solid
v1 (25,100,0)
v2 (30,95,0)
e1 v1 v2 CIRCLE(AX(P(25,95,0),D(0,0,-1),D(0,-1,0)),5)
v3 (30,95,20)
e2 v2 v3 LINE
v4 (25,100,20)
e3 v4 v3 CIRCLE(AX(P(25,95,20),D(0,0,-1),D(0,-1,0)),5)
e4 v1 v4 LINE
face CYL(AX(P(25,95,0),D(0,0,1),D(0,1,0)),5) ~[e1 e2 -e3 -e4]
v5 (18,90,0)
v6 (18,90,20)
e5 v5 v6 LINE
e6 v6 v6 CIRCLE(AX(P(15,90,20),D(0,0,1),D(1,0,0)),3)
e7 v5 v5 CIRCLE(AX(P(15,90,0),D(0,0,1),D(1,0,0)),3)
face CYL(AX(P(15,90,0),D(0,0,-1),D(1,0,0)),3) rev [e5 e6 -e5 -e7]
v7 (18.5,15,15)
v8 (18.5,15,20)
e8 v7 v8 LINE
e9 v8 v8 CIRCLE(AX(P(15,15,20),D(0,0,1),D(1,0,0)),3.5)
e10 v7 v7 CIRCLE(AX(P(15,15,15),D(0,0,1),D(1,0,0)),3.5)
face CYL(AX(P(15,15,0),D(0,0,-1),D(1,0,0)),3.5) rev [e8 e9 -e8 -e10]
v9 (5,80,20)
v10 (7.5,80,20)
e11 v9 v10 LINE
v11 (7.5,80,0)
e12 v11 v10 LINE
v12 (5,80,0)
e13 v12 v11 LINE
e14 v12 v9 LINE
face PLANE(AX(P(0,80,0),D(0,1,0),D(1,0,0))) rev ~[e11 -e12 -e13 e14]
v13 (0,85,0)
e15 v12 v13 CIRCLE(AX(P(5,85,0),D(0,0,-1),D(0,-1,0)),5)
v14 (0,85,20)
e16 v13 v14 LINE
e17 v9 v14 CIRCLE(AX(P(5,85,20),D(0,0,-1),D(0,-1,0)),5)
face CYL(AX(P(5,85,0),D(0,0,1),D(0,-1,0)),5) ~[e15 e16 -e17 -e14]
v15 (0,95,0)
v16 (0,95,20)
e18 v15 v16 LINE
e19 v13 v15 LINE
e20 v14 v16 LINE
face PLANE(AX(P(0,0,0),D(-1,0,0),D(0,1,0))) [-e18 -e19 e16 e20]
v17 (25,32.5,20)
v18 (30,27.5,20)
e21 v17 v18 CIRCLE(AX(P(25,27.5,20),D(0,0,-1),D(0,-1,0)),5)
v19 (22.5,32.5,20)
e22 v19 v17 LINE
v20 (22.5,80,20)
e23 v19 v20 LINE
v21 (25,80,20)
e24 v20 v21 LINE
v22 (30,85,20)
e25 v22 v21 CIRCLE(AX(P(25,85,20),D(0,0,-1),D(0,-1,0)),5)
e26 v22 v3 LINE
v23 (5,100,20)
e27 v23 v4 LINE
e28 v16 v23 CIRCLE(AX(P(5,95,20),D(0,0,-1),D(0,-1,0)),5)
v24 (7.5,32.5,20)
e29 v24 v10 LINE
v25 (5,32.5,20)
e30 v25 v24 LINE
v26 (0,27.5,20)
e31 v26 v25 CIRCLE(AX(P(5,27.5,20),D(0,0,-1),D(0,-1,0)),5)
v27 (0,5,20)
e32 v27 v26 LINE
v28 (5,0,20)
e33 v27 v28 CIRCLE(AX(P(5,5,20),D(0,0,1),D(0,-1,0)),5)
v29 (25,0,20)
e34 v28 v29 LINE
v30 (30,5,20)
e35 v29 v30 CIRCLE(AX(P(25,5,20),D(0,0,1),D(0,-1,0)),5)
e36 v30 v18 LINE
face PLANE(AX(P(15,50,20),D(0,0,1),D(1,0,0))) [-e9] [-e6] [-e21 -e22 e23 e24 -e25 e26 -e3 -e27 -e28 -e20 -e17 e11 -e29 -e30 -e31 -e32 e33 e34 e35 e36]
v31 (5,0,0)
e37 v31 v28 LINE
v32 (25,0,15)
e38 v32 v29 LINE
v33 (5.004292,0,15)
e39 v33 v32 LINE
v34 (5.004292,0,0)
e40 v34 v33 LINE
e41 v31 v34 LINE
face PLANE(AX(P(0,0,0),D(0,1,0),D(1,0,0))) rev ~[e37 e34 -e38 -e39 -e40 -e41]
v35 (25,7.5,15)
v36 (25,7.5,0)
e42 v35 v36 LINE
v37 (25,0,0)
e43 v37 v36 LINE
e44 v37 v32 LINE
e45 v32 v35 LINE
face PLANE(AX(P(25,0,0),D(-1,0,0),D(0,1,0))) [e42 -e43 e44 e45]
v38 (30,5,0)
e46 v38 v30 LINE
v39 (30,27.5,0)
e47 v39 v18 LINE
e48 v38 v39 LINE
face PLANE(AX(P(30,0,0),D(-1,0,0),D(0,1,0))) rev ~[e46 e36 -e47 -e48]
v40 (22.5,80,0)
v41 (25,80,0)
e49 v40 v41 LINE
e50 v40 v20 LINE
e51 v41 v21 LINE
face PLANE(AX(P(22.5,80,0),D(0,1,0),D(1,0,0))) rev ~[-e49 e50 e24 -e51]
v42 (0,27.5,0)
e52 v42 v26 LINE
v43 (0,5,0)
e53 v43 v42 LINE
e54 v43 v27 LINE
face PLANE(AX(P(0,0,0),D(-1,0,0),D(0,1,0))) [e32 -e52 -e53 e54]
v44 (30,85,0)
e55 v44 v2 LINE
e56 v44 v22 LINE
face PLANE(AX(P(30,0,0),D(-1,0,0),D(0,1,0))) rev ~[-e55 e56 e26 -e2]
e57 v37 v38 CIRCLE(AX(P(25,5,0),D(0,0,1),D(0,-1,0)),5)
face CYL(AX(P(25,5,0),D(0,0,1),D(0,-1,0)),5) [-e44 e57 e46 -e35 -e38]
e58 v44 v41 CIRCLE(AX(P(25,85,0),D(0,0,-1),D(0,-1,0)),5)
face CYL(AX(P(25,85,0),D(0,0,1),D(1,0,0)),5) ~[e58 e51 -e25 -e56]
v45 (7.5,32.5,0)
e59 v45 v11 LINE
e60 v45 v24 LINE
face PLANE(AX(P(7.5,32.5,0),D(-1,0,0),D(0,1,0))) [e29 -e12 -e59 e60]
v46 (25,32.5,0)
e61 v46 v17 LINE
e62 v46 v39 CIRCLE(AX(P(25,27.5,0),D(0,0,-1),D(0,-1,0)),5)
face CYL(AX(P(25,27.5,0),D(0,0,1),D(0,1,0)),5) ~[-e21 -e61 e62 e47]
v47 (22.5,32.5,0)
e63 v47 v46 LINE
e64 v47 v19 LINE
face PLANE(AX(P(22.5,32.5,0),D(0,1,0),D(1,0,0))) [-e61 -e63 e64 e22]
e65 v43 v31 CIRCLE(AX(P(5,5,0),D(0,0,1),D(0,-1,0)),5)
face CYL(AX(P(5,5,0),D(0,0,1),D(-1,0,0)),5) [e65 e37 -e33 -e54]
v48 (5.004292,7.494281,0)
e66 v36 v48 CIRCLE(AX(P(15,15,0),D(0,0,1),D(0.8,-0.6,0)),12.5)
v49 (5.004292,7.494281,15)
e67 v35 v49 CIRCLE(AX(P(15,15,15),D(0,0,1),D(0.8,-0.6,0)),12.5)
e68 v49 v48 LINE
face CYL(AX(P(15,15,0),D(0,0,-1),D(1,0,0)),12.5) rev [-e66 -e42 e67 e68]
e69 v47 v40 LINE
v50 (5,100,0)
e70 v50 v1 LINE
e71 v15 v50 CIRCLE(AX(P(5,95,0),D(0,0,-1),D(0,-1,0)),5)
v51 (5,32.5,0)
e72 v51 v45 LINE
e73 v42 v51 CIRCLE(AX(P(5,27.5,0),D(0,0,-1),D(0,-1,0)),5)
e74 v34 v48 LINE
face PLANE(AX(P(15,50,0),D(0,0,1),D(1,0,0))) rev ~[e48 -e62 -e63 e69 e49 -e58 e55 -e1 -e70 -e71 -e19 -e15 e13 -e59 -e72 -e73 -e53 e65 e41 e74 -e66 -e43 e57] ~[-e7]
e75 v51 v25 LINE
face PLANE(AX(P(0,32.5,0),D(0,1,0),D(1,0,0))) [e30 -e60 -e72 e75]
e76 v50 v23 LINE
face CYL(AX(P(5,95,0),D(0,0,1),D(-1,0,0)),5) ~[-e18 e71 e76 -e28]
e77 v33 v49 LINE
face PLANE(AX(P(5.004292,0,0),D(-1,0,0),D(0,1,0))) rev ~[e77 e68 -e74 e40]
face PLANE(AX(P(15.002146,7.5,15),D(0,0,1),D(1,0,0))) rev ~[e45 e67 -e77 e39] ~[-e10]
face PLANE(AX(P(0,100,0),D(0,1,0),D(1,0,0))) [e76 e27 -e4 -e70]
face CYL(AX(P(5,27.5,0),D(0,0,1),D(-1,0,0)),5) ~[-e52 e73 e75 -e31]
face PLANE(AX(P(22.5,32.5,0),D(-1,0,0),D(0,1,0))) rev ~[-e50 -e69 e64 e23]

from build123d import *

# Parameters (mm, degrees)
F0_W      = 30
F0_H      = 100
F1_DEPTH  = 20
F2_R      = 12.5
F3_DEPTH  = 15
F4_R      = 3.5
F5_DEPTH  = 20
F6_R      = 3
F7_DEPTH  = 20
F8_W      = 7.5
F8_H      = 47.5
F9_DEPTH  = 20
F10_W     = 7.5
F10_H     = 47.5
F11_DEPTH = 20
F12_R     = 5
F13_R     = 5
F14_W     = 19.995708
F14_H     = 15
F15_DEPTH = 15


with BuildPart() as f1:
    # F0 (on Top) → F1 (new body)
    with BuildSketch(Plane.XY):
        with Locations((15, 50)):
            Rectangle(F0_W, F0_H)
    extrude(amount=F1_DEPTH)

    # F2 (on Top) → F3 (cut)
    with BuildSketch(Plane.XY):
        with Locations((15, 15)):
            Circle(F2_R)
    extrude(amount=F3_DEPTH, mode=Mode.SUBTRACT)

    # F4 (on Top) → F5 (cut)
    with BuildSketch(Plane.XY):
        with Locations((15, 15)):
            Circle(F4_R)
    extrude(amount=F5_DEPTH, mode=Mode.SUBTRACT)

    # F6 (on Top) → F7 (cut)
    with BuildSketch(Plane.XY):
        with Locations((15, 90)):
            Circle(F6_R)
    extrude(amount=F7_DEPTH, mode=Mode.SUBTRACT)

    # F8 (on Top) → F9 (cut)
    with BuildSketch(Plane.XY):
        with Locations((3.75, 56.25)):
            Rectangle(F8_W, F8_H)
    extrude(amount=F9_DEPTH, mode=Mode.SUBTRACT)

    # F10 (on Top) → F11 (cut)
    with BuildSketch(Plane.XY):
        with Locations((26.25, 56.25)):
            Rectangle(F10_W, F10_H)
    extrude(amount=F11_DEPTH, mode=Mode.SUBTRACT)

    # F12
    f12_edges = [f1.edges().sort_by_distance(p)[0] for p in [
        (30, 32.5, 10),
        (30, 0, 10),
        (0, 0, 10),
        (0, 32.5, 10),
    ]]
    fillet(f12_edges, radius=F12_R)

    # F13
    f13_edges = [f1.edges().sort_by_distance(p)[0] for p in [
        (0, 100, 10),
        (0, 80, 10),
        (30, 100, 10),
        (30, 80, 10),
    ]]
    fillet(f13_edges, radius=F13_R)

    # F14 (on Top) → F15 (cut)
    with BuildSketch(Plane.XY):
        with Locations((15.002146, 7.5)):
            Rectangle(F14_W, F14_H)
    extrude(amount=F15_DEPTH, mode=Mode.SUBTRACT)


solid = f1.part
